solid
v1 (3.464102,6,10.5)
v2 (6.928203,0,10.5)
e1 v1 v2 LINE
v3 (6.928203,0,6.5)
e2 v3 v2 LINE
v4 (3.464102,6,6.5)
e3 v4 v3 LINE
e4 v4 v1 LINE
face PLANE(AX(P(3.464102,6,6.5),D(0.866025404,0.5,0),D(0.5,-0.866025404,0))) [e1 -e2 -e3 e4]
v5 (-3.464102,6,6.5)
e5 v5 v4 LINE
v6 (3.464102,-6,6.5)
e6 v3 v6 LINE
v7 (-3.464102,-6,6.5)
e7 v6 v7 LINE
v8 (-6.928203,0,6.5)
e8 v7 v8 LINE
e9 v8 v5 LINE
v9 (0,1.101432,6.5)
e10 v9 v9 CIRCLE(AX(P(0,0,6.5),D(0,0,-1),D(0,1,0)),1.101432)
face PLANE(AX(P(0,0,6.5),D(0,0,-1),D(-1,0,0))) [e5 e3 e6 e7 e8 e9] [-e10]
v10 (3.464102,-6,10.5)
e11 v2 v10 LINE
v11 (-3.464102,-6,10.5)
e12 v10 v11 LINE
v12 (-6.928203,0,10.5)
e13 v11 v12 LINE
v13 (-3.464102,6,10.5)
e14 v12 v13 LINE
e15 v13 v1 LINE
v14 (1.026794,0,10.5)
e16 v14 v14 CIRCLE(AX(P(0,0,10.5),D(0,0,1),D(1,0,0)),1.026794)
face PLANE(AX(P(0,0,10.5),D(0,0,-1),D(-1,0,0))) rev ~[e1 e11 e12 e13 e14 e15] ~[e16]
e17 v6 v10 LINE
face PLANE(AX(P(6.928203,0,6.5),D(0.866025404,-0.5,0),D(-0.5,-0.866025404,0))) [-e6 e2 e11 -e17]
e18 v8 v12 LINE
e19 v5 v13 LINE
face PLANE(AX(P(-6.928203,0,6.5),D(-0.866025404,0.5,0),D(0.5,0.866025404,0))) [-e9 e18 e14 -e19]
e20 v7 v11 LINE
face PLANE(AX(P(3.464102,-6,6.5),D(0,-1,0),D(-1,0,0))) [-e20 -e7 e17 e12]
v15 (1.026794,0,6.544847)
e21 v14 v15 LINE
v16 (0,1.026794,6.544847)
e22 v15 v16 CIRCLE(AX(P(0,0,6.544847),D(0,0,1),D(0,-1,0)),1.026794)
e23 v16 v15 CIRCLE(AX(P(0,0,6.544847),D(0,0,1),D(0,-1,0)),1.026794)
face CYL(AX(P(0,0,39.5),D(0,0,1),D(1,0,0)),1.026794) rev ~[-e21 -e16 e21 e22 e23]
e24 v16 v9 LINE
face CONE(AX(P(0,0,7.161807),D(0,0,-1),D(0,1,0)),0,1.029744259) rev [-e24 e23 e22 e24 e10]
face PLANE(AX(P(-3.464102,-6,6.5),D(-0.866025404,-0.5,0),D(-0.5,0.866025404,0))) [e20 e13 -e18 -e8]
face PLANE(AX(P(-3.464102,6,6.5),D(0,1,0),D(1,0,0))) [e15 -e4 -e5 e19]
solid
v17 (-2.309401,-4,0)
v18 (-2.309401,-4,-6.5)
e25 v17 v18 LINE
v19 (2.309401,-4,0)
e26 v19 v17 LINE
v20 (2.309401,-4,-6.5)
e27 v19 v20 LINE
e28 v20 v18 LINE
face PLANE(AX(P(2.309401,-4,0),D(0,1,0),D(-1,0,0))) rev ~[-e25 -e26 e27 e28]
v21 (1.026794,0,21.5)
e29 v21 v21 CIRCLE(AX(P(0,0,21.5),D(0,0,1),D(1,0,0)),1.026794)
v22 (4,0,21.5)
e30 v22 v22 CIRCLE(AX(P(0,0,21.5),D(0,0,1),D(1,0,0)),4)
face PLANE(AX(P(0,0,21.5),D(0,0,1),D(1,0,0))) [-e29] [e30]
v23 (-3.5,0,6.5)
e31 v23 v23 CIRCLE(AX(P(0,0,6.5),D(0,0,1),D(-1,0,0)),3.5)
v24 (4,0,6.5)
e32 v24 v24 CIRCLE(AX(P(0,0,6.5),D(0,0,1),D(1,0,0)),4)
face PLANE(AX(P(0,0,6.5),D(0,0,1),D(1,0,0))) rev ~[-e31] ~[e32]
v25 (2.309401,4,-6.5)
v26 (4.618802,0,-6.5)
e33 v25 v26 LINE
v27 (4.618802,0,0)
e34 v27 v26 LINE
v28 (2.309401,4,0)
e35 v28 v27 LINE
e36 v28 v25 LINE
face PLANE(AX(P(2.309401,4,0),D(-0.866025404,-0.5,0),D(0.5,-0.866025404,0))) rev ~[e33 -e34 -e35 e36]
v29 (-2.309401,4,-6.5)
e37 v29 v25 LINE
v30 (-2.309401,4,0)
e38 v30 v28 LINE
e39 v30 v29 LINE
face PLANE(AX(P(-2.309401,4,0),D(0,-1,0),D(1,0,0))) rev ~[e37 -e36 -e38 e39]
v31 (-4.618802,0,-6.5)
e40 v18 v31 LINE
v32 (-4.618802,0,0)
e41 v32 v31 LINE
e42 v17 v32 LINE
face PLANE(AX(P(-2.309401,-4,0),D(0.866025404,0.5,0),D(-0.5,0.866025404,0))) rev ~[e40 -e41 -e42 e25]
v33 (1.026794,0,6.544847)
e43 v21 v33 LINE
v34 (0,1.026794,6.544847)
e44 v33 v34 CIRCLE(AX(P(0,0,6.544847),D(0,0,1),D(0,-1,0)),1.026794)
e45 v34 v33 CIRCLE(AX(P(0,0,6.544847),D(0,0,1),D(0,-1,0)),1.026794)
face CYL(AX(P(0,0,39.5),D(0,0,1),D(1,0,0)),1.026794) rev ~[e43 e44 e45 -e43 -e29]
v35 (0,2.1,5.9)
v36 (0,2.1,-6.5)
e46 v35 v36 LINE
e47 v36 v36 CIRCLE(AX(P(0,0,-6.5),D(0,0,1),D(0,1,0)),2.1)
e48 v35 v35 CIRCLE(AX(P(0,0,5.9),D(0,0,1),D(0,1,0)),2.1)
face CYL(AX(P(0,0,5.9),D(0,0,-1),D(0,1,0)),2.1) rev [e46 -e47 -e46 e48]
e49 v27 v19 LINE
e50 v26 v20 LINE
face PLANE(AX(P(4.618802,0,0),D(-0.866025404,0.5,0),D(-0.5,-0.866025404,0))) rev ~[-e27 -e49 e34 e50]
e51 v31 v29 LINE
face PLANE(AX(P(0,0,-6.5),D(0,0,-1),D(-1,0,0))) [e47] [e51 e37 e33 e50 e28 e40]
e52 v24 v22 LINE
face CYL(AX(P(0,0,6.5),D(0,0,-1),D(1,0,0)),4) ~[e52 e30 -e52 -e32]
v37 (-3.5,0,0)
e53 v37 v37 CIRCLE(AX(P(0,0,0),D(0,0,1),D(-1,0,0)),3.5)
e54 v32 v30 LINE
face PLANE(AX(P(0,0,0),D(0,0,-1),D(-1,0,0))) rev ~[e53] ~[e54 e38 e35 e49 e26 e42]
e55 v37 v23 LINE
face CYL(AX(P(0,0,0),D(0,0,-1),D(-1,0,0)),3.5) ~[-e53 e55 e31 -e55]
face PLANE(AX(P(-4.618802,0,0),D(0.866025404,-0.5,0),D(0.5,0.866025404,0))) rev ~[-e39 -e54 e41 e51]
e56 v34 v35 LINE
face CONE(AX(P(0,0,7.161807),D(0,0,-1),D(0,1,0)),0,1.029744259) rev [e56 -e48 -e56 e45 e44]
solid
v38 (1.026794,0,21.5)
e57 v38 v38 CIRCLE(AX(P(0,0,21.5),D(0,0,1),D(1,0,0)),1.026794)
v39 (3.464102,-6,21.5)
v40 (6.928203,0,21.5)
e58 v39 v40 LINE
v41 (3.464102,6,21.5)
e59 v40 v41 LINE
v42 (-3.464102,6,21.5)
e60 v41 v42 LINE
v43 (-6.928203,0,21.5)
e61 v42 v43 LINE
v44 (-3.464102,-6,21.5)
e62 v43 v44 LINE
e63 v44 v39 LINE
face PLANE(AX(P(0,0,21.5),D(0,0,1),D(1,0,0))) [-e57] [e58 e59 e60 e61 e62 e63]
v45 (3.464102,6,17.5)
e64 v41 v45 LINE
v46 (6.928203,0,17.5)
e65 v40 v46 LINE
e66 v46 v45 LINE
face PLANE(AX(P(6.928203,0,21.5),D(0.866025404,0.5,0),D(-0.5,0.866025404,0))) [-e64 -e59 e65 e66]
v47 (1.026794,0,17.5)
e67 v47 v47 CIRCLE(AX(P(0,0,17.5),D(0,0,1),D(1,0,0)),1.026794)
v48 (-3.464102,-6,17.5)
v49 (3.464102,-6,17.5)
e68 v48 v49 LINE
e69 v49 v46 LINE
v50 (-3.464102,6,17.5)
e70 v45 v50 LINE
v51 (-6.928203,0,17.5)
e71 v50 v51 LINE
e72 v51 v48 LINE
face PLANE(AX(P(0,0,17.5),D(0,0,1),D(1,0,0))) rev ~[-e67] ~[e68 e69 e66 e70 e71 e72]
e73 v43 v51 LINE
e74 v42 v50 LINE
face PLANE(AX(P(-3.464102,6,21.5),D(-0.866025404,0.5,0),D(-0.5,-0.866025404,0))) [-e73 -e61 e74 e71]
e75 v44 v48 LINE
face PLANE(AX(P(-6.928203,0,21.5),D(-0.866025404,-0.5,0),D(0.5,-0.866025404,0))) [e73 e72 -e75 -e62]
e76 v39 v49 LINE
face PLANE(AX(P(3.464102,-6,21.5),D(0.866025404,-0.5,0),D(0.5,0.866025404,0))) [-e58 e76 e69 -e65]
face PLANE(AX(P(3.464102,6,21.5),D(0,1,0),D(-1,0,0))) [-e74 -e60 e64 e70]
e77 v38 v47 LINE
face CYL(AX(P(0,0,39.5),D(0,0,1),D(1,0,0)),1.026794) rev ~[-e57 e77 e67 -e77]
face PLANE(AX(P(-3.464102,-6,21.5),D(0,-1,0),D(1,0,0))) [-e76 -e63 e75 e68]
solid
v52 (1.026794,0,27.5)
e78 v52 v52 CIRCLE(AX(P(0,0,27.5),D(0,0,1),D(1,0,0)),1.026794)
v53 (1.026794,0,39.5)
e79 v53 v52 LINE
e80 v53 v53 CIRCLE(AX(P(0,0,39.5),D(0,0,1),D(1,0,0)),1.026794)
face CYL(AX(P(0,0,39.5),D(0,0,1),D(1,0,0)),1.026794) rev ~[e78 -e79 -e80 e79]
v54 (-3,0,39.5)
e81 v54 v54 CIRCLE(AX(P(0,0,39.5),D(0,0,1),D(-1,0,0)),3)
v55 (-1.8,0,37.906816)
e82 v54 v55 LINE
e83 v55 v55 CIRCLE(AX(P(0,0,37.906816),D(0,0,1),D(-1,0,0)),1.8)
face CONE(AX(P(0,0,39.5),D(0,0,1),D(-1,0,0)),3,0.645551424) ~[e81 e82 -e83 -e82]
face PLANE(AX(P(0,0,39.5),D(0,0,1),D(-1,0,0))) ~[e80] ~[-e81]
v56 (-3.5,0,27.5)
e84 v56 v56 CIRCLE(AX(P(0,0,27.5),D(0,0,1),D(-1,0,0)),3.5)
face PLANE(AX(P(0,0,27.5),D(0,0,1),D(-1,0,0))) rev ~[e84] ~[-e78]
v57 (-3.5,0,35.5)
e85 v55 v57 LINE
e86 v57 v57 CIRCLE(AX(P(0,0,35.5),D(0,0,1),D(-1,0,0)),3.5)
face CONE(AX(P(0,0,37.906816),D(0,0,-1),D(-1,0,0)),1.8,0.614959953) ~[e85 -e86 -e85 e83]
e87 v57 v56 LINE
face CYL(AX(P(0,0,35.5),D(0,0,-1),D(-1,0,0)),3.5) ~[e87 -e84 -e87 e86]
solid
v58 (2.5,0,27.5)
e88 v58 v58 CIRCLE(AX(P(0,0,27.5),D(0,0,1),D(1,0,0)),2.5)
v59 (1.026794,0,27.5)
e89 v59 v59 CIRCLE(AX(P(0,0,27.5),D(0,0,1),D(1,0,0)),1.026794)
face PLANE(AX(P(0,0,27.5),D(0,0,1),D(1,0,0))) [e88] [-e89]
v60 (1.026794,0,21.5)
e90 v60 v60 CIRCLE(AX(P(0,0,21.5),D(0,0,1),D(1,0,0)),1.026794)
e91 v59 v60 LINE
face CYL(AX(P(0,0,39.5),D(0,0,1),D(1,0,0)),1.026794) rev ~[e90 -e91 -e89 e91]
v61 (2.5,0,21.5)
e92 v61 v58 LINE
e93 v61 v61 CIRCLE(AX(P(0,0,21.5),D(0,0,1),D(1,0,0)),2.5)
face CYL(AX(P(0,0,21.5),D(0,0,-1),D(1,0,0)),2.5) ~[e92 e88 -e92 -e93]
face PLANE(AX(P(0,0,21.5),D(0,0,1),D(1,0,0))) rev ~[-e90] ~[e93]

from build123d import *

# Parameters (mm, degrees)
SKETCH_1_R          = 3.5
EXTRUDE_1_DEPTH     = 6.5
EXTRUDE_2_DEPTH     = 6.5
SKETCH_3_R          = 4
EXTRUDE_3_DEPTH     = 15
EXTRUDE_4_DEPTH     = 4
EXTRUDE_5_DEPTH     = 4
SKETCH_6_R          = 2.5
EXTRUDE_6_DEPTH     = 6
SKETCH_10_R         = 1.026794083
CUT_EXTRUDE_1_DEPTH = 47.904157598


with BuildPart() as part:
    # 草图1 → 凸台-拉伸1 (new body)
    with BuildSketch(Plane.XY):
        Circle(SKETCH_1_R)
    extrude(amount=EXTRUDE_1_DEPTH)

    # 草图2 → 凸台-拉伸2 (add)
    with BuildSketch(Plane(origin=(0, 0, 0), x_dir=(-1, 0, 0), z_dir=(0, 0, -1))):
        Polygon((-4.618802154, 0), (-2.309401077, -4), (2.309401077, -4), (4.618802154, 0), (2.309401077, 4), (-2.309401077, 4), align=None)
    extrude(amount=EXTRUDE_2_DEPTH)

    # 草图3 → 凸台-拉伸3 (add)
    with BuildSketch(Plane.XY.offset(6.5)):
        Circle(SKETCH_3_R)
    extrude(amount=EXTRUDE_3_DEPTH)


with BuildPart() as body_2:
    # 草图4 → 凸台-拉伸4 (new body)
    with BuildSketch(Plane(origin=(0, 0, 6.5), x_dir=(-1, 0, 0), z_dir=(0, 0, -1))):
        Polygon((-3.464101615, 6), (-6.92820323, 0), (-3.464101615, -6), (3.464101615, -6), (6.92820323, 0), (3.464101615, 6), align=None)
    extrude(amount=-EXTRUDE_4_DEPTH)


with BuildPart() as body_3:
    # 草图5 → 凸台-拉伸5 (new body)
    with BuildSketch(Plane.XY.offset(21.5)):
        Polygon((3.464101615, 6), (-3.464101615, 6), (-6.92820323, 0), (-3.464101615, -6), (3.464101615, -6), (6.92820323, 0), align=None)
    extrude(amount=-EXTRUDE_5_DEPTH)


with BuildPart() as body_4:
    # 草图6 → 凸台-拉伸6 (new body)
    with BuildSketch(Plane.XY.offset(21.5)):
        Circle(SKETCH_6_R)
    extrude(amount=EXTRUDE_6_DEPTH)


with BuildPart() as body_5:
    # 草图7 → 旋转1 (revolve)
    with BuildSketch(Plane(origin=(0, 0, 0), x_dir=(1, 0, 0), z_dir=(0, 1, 0))):
        Polygon((0, -27.5), (0, -39.5), (3, -39.5), (1.8, -37.90681576), (3.5, -35.5), (3.5, -27.5), align=None)
    revolve(axis=Axis((0, 0, 27.5), (0, 0, 1)))


with BuildPart() as hole_wizard_m5_1_tool:
    # 草图8 → M5 螺纹孔1 (revolve)
    with BuildSketch(Plane(origin=(0, 0, -6.5), x_dir=(0, 1, 0), z_dir=(1, 0, 0))):
        Polygon((0, 0), (0, 13.6618073), (2.1, 12.4), (2.1, 0), align=None)
    revolve(axis=Axis((0, 0, -12.85), (0, 0, 1)))


with BuildPart() as part_1:
    add(part.part)

    # M5 螺纹孔1: cut by hole_wizard_m5_1_tool
    add(hole_wizard_m5_1_tool.part, mode=Mode.SUBTRACT)


with BuildPart() as body_2_1:
    add(body_2.part)

    # M5 螺纹孔1: cut by hole_wizard_m5_1_tool
    add(hole_wizard_m5_1_tool.part, mode=Mode.SUBTRACT)


with BuildPart() as cut_extrude_1_tool:
    # 草图10 → 切除-拉伸1 (new, through all)
    with BuildSketch(Plane.XY.offset(39.5)):
        Circle(SKETCH_10_R)
    extrude(amount=-CUT_EXTRUDE_1_DEPTH)


with BuildPart() as part_2:
    add(part_1.part)

    # 切除-拉伸1: cut by cut_extrude_1_tool
    add(cut_extrude_1_tool.part, mode=Mode.SUBTRACT)


with BuildPart() as body_2_2:
    add(body_2_1.part)

    # 切除-拉伸1: cut by cut_extrude_1_tool
    add(cut_extrude_1_tool.part, mode=Mode.SUBTRACT)


with BuildPart() as body_3_1:
    add(body_3.part)

    # 切除-拉伸1: cut by cut_extrude_1_tool
    add(cut_extrude_1_tool.part, mode=Mode.SUBTRACT)


with BuildPart() as body_4_1:
    add(body_4.part)

    # 切除-拉伸1: cut by cut_extrude_1_tool
    add(cut_extrude_1_tool.part, mode=Mode.SUBTRACT)


with BuildPart() as body_5_1:
    add(body_5.part)

    # 切除-拉伸1: cut by cut_extrude_1_tool
    add(cut_extrude_1_tool.part, mode=Mode.SUBTRACT)


solid = Compound([part_2.part, body_2_2.part, body_3_1.part, body_4_1.part, body_5_1.part])
